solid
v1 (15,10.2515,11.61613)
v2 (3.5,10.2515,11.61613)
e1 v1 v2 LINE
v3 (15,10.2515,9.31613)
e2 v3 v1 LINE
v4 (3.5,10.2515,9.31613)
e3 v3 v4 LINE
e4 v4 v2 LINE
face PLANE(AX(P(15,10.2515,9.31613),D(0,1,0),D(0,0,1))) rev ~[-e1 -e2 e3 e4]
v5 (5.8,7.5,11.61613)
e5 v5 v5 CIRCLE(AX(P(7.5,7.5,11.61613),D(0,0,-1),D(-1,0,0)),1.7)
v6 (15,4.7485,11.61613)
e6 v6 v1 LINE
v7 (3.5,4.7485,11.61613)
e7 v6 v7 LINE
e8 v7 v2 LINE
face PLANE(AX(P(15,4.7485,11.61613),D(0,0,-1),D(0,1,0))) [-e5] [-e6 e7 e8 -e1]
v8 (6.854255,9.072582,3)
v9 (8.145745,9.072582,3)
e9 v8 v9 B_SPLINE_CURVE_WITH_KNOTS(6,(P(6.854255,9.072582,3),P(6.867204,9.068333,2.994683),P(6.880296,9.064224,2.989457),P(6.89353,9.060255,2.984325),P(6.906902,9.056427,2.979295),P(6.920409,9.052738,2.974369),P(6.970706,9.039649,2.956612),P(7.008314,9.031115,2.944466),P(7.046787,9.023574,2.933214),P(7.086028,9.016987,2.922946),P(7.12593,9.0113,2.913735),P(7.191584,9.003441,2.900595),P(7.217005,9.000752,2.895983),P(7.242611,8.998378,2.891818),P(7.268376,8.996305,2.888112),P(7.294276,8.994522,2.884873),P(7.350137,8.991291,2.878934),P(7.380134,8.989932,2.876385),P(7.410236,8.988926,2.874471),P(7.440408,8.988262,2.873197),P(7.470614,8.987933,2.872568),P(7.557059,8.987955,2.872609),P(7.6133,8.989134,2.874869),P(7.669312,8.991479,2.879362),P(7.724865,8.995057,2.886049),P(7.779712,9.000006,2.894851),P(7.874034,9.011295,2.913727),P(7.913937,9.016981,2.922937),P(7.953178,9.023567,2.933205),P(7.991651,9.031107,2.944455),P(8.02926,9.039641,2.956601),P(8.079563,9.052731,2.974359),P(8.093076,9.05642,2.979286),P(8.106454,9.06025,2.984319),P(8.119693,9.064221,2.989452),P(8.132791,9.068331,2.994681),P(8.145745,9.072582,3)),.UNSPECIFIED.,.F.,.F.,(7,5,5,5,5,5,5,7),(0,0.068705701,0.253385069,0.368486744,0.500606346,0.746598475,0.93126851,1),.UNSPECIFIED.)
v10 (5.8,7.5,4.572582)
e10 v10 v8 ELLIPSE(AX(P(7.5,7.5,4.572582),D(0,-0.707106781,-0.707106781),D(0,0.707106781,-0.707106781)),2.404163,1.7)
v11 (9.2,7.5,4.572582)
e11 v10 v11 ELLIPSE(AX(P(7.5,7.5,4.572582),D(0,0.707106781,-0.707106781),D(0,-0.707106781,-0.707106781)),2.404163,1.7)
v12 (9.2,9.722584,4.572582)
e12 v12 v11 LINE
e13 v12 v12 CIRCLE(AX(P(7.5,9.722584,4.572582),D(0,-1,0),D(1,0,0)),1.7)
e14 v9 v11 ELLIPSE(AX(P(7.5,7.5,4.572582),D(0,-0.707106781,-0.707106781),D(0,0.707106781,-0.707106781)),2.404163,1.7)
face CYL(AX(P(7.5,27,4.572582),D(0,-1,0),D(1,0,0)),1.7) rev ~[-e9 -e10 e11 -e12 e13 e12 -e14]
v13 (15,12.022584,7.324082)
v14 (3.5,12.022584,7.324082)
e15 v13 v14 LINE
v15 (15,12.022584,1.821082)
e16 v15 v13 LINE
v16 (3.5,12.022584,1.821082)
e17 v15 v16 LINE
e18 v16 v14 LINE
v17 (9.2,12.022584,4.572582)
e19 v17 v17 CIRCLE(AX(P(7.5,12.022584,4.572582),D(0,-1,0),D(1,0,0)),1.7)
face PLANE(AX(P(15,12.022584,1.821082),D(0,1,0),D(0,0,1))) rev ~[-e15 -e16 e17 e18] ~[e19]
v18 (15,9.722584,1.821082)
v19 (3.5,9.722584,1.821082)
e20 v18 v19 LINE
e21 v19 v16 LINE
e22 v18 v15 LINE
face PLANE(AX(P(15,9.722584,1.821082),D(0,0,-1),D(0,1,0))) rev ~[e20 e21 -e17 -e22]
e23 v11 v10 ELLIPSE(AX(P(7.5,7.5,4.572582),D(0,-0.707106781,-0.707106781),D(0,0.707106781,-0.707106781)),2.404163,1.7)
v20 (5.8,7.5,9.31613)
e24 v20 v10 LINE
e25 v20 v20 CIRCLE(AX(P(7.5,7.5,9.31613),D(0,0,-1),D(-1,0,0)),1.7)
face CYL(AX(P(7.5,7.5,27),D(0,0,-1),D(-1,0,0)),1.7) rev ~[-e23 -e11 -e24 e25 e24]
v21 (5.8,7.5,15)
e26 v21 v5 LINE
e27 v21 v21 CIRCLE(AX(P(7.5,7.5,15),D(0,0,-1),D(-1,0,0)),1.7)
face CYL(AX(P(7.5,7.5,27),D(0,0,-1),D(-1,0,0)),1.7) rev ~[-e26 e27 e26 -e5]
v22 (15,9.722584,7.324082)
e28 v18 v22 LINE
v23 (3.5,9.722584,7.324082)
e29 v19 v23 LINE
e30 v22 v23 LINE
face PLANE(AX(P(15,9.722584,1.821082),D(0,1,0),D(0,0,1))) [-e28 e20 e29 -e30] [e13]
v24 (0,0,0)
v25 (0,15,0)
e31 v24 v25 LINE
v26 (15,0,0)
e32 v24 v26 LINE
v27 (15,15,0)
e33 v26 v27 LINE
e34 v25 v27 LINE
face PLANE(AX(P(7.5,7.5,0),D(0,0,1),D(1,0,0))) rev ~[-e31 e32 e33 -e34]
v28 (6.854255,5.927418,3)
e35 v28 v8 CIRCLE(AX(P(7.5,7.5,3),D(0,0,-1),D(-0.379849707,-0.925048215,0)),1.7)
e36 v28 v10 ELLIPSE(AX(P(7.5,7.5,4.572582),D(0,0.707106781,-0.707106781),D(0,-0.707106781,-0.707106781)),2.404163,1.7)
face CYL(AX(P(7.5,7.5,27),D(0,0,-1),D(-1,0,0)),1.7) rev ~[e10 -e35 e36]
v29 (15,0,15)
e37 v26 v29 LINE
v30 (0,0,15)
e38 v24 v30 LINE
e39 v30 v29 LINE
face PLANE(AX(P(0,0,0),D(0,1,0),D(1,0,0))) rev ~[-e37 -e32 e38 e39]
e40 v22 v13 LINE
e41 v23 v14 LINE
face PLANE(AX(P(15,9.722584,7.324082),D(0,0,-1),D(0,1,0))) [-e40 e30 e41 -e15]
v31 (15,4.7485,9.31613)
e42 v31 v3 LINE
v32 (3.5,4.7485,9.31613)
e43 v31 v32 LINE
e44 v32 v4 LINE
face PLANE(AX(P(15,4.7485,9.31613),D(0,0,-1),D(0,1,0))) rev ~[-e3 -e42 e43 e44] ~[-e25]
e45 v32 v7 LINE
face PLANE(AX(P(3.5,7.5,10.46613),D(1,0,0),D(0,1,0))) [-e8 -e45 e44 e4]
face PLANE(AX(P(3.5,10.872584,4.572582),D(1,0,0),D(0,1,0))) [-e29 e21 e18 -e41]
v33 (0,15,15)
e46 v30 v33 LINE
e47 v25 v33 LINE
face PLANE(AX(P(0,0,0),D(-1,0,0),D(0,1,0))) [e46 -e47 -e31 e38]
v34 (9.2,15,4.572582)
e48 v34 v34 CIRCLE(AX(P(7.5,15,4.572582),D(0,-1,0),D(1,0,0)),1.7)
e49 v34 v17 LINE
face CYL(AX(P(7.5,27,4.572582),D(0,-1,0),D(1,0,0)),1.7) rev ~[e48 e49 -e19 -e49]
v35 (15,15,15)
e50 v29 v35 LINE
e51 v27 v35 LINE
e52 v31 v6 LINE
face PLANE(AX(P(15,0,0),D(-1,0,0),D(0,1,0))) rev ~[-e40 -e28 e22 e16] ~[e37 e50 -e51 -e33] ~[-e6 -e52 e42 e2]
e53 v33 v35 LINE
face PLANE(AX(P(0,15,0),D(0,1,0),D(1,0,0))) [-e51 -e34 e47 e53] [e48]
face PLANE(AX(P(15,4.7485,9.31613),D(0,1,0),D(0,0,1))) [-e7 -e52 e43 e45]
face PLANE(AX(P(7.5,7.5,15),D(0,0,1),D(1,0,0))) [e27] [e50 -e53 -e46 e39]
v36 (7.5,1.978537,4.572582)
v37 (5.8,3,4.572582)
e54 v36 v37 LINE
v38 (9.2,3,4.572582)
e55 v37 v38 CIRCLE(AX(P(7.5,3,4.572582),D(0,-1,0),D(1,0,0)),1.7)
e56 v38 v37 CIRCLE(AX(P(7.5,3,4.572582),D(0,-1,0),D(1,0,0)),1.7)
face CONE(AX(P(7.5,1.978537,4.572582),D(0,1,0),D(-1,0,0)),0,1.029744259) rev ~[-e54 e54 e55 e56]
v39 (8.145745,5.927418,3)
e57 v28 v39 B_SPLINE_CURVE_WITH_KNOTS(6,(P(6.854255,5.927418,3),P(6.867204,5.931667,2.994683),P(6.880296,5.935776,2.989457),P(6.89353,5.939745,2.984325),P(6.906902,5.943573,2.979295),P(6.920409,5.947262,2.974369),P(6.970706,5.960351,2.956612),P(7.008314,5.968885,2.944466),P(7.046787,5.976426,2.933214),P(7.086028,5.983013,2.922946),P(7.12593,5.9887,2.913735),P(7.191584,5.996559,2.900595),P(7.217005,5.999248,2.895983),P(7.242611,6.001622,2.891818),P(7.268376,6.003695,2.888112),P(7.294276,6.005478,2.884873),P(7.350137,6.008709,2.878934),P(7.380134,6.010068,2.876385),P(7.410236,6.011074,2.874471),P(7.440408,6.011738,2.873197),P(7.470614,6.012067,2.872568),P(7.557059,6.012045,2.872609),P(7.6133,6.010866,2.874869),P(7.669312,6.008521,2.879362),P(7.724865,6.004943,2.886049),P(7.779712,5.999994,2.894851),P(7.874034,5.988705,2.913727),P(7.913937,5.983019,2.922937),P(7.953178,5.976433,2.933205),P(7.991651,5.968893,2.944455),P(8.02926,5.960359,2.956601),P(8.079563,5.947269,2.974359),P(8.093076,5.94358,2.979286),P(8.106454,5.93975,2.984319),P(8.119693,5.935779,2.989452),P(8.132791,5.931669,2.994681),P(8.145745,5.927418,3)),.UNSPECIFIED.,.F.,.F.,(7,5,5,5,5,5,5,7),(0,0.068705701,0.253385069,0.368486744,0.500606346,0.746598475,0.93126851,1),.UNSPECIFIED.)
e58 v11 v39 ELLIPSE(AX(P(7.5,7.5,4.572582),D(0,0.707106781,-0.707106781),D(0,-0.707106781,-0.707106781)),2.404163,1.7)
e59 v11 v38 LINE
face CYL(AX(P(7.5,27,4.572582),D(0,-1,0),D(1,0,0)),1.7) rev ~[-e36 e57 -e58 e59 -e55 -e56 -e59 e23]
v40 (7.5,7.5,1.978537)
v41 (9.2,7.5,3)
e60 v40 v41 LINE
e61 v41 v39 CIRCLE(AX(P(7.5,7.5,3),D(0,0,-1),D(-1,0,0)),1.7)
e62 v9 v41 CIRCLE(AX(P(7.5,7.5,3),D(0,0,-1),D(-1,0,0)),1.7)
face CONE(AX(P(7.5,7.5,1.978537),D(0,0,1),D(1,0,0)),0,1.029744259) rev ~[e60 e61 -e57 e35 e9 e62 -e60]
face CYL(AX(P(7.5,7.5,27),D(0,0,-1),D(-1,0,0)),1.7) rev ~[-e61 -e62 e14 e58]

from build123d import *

# Parameters (mm, degrees)
F0_W     = 15
F0_H     = 15
F1_DEPTH = 15
F2_W     = 5.503
F2_H     = 2.3
F2_W_2   = 2.3
F2_H_2   = 5.503
F3_DEPTH = 11.5
F5_D     = 3.4
F5_DEPTH = 12
F5_TIP   = 1.0214630523
F7_D     = 3.4
F7_DEPTH = 12
F7_TIP   = 1.0214630523


with BuildPart() as f1:
    # F0 (on Top) → F1 (new body)
    with BuildSketch(Plane.XY):
        with Locations((7.5, 7.5)):
            Rectangle(F0_W, F0_H)
    extrude(amount=F1_DEPTH)

    # F2 (on face) → F3 (cut)
    with BuildSketch(Plane.YZ.offset(15)):
        with Locations((7.5, 10.4661304504)):
            Rectangle(F2_W, F2_H)
        with Locations((10.8725838363, 4.5725819655)):
            Rectangle(F2_W_2, F2_H_2)
    extrude(amount=-F3_DEPTH, mode=Mode.SUBTRACT)

    # F5
    with Locations(Plane.XY.offset(15)):
        with Locations((7.5, 7.5)):
            Hole(F5_D / 2, depth=F5_DEPTH)
            with Locations((0, 0, -(F5_DEPTH + F5_TIP / 2))):  # 118° drill point
                Cone(0, F5_D / 2, F5_TIP, mode=Mode.SUBTRACT)

    # F7
    with Locations(Plane(origin=(0, 15, 0), x_dir=(-1, 0, 0), z_dir=(0, 1, 0))):
        with Locations((-7.5, 4.5725819655)):
            Hole(F7_D / 2, depth=F7_DEPTH)
            with Locations((0, 0, -(F7_DEPTH + F7_TIP / 2))):  # 118° drill point
                Cone(0, F7_D / 2, F7_TIP, mode=Mode.SUBTRACT)


solid = f1.part
